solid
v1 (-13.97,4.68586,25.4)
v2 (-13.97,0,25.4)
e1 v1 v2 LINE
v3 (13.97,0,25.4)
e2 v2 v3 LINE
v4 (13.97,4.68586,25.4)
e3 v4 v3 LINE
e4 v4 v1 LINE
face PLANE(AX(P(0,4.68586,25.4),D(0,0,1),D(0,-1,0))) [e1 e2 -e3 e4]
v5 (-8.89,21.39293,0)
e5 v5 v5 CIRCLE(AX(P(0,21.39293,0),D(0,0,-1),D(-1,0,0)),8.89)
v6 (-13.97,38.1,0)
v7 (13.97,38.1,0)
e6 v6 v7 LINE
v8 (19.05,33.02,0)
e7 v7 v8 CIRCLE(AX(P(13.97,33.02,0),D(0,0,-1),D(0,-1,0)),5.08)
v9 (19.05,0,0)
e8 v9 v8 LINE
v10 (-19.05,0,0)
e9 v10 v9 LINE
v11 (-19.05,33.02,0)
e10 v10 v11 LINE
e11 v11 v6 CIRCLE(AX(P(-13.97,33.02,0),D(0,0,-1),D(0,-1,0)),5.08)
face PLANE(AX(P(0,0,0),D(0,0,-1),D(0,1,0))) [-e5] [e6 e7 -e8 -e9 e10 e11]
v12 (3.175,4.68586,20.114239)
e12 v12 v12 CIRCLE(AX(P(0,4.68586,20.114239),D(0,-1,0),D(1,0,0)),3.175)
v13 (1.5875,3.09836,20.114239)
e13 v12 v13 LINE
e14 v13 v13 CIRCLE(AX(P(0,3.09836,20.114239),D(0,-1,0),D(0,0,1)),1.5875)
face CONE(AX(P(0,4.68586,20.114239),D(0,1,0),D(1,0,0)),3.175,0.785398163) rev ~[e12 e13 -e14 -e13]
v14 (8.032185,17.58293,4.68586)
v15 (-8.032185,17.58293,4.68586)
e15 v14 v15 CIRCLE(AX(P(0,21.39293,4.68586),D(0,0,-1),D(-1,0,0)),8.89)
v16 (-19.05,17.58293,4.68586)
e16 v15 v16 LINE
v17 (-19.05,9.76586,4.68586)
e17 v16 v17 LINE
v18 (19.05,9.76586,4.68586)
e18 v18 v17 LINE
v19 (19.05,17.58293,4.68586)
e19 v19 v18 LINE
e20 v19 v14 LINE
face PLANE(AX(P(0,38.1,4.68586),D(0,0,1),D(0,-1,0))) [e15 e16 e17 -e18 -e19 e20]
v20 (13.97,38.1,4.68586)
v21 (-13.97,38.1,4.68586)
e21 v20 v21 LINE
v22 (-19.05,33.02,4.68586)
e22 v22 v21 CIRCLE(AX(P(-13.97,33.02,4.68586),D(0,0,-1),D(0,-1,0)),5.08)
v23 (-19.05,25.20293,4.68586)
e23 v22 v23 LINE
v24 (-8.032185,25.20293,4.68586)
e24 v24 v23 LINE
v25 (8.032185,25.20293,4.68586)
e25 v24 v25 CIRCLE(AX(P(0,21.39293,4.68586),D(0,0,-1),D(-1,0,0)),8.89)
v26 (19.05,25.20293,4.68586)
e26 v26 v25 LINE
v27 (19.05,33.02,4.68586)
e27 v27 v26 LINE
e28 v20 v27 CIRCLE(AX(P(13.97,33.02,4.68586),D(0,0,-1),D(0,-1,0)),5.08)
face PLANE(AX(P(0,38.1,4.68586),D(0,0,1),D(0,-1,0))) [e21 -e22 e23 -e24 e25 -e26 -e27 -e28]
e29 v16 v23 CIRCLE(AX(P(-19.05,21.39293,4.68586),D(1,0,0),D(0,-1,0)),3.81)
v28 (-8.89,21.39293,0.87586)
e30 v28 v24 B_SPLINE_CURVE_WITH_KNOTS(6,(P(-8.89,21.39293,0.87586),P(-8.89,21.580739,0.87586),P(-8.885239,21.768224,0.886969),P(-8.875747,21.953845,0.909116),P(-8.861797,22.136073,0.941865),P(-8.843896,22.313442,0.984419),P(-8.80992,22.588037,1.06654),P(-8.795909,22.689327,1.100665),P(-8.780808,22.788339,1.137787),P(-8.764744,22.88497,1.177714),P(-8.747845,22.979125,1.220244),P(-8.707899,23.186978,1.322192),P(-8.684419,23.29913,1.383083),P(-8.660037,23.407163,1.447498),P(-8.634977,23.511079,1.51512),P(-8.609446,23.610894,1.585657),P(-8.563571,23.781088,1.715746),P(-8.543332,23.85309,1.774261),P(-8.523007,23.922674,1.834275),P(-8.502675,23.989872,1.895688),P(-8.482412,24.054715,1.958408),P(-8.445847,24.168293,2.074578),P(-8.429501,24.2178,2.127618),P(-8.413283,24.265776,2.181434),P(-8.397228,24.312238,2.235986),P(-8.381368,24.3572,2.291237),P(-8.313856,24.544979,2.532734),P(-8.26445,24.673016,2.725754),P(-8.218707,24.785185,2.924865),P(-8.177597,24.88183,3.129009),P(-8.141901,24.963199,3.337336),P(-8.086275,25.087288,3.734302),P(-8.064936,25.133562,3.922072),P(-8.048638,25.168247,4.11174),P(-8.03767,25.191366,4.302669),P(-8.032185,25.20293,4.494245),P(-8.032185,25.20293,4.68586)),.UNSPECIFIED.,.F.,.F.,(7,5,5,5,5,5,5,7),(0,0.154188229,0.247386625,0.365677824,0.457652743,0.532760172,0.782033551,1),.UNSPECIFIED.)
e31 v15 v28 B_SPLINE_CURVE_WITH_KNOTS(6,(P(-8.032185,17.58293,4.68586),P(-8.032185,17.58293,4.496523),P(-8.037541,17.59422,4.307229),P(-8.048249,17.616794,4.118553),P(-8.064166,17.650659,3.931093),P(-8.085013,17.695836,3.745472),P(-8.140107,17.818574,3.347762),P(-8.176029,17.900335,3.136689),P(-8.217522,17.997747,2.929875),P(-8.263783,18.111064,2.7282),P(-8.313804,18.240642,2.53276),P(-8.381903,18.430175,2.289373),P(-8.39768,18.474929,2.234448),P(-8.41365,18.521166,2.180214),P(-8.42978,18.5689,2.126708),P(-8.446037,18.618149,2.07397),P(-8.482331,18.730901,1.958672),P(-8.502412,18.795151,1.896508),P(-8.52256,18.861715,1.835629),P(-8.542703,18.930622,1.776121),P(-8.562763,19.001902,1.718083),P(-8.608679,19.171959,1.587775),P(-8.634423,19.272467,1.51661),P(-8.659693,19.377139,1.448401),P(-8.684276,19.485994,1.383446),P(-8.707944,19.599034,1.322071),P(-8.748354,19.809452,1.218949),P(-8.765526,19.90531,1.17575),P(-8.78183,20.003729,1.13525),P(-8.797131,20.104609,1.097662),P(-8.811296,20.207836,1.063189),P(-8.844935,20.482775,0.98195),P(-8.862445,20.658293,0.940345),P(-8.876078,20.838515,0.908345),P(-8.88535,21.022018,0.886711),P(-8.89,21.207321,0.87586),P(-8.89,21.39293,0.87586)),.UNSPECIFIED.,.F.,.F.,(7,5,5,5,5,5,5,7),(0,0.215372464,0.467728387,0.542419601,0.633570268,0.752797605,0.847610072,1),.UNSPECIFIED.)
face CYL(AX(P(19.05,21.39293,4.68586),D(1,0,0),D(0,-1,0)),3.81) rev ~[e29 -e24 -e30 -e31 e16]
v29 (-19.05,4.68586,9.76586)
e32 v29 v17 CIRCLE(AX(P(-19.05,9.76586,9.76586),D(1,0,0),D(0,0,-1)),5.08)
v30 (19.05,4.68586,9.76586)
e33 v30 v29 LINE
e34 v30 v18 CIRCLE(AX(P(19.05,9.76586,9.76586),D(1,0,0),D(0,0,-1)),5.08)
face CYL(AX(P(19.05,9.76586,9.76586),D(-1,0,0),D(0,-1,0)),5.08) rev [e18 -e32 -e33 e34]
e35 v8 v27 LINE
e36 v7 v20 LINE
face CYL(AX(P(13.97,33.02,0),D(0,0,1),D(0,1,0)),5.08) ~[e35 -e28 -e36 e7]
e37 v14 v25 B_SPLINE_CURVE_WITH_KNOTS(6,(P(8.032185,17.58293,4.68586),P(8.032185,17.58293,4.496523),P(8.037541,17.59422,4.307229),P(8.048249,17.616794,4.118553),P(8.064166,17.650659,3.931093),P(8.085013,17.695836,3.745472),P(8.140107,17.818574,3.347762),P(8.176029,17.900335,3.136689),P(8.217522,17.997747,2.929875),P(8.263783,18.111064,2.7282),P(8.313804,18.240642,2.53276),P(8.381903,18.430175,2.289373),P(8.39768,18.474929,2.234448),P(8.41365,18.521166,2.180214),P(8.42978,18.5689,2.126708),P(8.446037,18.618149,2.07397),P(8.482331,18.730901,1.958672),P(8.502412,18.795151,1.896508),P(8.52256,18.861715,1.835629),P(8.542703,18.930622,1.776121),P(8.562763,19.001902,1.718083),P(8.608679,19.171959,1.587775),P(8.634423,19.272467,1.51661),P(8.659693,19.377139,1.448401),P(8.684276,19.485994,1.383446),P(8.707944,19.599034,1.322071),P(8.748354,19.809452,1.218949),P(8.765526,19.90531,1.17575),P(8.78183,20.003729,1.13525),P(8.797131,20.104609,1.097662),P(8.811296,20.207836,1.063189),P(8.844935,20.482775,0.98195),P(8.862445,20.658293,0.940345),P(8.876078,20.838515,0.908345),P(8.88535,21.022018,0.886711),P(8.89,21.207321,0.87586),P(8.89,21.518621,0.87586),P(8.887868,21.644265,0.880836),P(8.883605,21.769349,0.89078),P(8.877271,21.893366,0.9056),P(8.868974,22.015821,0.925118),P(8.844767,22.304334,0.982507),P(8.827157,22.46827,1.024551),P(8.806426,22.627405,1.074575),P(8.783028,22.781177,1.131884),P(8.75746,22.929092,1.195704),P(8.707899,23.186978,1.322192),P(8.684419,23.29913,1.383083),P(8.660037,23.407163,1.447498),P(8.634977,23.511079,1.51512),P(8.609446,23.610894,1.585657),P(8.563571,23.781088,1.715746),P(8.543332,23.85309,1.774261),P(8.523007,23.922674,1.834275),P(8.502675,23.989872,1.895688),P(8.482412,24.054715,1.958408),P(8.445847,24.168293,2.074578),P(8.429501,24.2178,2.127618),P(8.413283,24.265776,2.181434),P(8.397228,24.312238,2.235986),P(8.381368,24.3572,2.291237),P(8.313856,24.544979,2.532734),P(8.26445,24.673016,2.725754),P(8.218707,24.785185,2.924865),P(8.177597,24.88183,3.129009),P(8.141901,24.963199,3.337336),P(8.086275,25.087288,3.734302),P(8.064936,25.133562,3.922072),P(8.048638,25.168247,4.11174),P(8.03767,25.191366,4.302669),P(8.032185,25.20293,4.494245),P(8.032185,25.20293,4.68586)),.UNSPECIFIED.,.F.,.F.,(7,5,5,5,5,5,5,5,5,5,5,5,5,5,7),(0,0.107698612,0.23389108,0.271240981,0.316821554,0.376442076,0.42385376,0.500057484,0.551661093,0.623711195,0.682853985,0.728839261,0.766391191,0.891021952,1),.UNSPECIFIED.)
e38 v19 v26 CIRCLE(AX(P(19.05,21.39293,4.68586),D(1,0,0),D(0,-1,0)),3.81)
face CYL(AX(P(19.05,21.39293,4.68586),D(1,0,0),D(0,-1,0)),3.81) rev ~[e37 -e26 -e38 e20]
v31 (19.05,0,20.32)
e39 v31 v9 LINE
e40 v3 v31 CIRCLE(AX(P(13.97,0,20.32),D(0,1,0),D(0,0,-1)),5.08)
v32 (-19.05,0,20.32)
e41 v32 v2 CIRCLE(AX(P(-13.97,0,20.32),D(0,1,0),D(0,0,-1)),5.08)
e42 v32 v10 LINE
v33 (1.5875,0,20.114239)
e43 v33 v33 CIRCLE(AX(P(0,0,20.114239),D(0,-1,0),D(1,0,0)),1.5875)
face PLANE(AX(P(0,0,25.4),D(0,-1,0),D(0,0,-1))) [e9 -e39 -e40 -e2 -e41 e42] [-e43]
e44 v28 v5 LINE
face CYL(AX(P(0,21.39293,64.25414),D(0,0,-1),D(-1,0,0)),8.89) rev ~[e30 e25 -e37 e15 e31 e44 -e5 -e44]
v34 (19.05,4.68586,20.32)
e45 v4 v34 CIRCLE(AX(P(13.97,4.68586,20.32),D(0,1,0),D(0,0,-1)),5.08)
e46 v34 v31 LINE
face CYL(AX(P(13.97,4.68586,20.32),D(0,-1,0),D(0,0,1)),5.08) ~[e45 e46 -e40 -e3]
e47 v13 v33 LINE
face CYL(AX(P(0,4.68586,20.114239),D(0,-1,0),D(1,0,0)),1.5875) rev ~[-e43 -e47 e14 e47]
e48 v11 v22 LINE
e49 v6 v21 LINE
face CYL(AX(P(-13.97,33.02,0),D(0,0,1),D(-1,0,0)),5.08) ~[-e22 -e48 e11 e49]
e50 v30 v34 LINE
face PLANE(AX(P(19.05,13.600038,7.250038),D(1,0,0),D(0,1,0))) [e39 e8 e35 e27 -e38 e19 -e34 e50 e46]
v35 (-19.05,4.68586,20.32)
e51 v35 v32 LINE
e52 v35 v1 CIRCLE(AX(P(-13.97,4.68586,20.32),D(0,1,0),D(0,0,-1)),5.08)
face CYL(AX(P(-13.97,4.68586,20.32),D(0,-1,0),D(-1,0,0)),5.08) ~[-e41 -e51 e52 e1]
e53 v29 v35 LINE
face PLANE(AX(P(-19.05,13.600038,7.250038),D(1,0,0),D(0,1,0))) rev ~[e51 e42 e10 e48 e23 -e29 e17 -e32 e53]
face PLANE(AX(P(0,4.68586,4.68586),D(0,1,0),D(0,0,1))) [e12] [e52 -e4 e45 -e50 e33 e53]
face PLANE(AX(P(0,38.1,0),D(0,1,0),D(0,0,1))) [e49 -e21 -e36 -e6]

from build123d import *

# Parameters (mm, degrees)
F1_DEPTH       = 19.05
F3_D           = 3.175
F3_CSINK_D     = 6.35
F3_CSINK_ANGLE = 90
F5_D           = 17.78
F7_DEPTH       = 38.101
F8_R           = 5.08
F9_R           = 5.08


with BuildPart() as f1:
    # F0 (on Right) → F1 (new body, symmetric)
    with BuildSketch(Plane.YZ):
        Polygon((4.68586, 25.4), (0, 25.4), (0, 0), (38.1, 0), (38.1, 4.68586), (4.68586, 4.68586), align=None)
    extrude(amount=F1_DEPTH, both=True)

    # F3 (through all)
    with Locations(Plane(origin=(0, 4.68586, 0), x_dir=(-1, 0, 0), z_dir=(0, 1, 0))):
        with Locations((0, 20.114239)):
            CounterSinkHole(F3_D / 2, F3_CSINK_D / 2, counter_sink_angle=F3_CSINK_ANGLE)

    # F5 (through all)
    with Locations(Plane.XY.offset(4.68586)):
        with Locations((0, 21.39293)):
            Hole(F5_D / 2)

    # F6 (on face) → F7 (cut, through all)
    with BuildSketch(Plane.YZ.offset(19.05)):
        with BuildLine():
            Line((25.20293, 4.68586), (17.58293, 4.68586))
            ThreePointArc((17.58293, 4.68586), (21.39293, 0.87586), (25.20293, 4.68586))
        make_face()
    extrude(amount=-F7_DEPTH, mode=Mode.SUBTRACT)

    # F8
    f8_edges = [f1.edges().sort_by_distance(p)[0] for p in [
        (0, 4.68586, 4.68586),
    ]]
    fillet(f8_edges, radius=F8_R)

    # F9
    f9_edges = [f1.edges().sort_by_distance(p)[0] for p in [
        (19.05, 38.1, 2.34293),
        (-19.05, 38.1, 2.34293),
        (19.05, 2.34293, 25.4),
        (-19.05, 2.34293, 25.4),
    ]]
    fillet(f9_edges, radius=F9_R)


solid = f1.part
